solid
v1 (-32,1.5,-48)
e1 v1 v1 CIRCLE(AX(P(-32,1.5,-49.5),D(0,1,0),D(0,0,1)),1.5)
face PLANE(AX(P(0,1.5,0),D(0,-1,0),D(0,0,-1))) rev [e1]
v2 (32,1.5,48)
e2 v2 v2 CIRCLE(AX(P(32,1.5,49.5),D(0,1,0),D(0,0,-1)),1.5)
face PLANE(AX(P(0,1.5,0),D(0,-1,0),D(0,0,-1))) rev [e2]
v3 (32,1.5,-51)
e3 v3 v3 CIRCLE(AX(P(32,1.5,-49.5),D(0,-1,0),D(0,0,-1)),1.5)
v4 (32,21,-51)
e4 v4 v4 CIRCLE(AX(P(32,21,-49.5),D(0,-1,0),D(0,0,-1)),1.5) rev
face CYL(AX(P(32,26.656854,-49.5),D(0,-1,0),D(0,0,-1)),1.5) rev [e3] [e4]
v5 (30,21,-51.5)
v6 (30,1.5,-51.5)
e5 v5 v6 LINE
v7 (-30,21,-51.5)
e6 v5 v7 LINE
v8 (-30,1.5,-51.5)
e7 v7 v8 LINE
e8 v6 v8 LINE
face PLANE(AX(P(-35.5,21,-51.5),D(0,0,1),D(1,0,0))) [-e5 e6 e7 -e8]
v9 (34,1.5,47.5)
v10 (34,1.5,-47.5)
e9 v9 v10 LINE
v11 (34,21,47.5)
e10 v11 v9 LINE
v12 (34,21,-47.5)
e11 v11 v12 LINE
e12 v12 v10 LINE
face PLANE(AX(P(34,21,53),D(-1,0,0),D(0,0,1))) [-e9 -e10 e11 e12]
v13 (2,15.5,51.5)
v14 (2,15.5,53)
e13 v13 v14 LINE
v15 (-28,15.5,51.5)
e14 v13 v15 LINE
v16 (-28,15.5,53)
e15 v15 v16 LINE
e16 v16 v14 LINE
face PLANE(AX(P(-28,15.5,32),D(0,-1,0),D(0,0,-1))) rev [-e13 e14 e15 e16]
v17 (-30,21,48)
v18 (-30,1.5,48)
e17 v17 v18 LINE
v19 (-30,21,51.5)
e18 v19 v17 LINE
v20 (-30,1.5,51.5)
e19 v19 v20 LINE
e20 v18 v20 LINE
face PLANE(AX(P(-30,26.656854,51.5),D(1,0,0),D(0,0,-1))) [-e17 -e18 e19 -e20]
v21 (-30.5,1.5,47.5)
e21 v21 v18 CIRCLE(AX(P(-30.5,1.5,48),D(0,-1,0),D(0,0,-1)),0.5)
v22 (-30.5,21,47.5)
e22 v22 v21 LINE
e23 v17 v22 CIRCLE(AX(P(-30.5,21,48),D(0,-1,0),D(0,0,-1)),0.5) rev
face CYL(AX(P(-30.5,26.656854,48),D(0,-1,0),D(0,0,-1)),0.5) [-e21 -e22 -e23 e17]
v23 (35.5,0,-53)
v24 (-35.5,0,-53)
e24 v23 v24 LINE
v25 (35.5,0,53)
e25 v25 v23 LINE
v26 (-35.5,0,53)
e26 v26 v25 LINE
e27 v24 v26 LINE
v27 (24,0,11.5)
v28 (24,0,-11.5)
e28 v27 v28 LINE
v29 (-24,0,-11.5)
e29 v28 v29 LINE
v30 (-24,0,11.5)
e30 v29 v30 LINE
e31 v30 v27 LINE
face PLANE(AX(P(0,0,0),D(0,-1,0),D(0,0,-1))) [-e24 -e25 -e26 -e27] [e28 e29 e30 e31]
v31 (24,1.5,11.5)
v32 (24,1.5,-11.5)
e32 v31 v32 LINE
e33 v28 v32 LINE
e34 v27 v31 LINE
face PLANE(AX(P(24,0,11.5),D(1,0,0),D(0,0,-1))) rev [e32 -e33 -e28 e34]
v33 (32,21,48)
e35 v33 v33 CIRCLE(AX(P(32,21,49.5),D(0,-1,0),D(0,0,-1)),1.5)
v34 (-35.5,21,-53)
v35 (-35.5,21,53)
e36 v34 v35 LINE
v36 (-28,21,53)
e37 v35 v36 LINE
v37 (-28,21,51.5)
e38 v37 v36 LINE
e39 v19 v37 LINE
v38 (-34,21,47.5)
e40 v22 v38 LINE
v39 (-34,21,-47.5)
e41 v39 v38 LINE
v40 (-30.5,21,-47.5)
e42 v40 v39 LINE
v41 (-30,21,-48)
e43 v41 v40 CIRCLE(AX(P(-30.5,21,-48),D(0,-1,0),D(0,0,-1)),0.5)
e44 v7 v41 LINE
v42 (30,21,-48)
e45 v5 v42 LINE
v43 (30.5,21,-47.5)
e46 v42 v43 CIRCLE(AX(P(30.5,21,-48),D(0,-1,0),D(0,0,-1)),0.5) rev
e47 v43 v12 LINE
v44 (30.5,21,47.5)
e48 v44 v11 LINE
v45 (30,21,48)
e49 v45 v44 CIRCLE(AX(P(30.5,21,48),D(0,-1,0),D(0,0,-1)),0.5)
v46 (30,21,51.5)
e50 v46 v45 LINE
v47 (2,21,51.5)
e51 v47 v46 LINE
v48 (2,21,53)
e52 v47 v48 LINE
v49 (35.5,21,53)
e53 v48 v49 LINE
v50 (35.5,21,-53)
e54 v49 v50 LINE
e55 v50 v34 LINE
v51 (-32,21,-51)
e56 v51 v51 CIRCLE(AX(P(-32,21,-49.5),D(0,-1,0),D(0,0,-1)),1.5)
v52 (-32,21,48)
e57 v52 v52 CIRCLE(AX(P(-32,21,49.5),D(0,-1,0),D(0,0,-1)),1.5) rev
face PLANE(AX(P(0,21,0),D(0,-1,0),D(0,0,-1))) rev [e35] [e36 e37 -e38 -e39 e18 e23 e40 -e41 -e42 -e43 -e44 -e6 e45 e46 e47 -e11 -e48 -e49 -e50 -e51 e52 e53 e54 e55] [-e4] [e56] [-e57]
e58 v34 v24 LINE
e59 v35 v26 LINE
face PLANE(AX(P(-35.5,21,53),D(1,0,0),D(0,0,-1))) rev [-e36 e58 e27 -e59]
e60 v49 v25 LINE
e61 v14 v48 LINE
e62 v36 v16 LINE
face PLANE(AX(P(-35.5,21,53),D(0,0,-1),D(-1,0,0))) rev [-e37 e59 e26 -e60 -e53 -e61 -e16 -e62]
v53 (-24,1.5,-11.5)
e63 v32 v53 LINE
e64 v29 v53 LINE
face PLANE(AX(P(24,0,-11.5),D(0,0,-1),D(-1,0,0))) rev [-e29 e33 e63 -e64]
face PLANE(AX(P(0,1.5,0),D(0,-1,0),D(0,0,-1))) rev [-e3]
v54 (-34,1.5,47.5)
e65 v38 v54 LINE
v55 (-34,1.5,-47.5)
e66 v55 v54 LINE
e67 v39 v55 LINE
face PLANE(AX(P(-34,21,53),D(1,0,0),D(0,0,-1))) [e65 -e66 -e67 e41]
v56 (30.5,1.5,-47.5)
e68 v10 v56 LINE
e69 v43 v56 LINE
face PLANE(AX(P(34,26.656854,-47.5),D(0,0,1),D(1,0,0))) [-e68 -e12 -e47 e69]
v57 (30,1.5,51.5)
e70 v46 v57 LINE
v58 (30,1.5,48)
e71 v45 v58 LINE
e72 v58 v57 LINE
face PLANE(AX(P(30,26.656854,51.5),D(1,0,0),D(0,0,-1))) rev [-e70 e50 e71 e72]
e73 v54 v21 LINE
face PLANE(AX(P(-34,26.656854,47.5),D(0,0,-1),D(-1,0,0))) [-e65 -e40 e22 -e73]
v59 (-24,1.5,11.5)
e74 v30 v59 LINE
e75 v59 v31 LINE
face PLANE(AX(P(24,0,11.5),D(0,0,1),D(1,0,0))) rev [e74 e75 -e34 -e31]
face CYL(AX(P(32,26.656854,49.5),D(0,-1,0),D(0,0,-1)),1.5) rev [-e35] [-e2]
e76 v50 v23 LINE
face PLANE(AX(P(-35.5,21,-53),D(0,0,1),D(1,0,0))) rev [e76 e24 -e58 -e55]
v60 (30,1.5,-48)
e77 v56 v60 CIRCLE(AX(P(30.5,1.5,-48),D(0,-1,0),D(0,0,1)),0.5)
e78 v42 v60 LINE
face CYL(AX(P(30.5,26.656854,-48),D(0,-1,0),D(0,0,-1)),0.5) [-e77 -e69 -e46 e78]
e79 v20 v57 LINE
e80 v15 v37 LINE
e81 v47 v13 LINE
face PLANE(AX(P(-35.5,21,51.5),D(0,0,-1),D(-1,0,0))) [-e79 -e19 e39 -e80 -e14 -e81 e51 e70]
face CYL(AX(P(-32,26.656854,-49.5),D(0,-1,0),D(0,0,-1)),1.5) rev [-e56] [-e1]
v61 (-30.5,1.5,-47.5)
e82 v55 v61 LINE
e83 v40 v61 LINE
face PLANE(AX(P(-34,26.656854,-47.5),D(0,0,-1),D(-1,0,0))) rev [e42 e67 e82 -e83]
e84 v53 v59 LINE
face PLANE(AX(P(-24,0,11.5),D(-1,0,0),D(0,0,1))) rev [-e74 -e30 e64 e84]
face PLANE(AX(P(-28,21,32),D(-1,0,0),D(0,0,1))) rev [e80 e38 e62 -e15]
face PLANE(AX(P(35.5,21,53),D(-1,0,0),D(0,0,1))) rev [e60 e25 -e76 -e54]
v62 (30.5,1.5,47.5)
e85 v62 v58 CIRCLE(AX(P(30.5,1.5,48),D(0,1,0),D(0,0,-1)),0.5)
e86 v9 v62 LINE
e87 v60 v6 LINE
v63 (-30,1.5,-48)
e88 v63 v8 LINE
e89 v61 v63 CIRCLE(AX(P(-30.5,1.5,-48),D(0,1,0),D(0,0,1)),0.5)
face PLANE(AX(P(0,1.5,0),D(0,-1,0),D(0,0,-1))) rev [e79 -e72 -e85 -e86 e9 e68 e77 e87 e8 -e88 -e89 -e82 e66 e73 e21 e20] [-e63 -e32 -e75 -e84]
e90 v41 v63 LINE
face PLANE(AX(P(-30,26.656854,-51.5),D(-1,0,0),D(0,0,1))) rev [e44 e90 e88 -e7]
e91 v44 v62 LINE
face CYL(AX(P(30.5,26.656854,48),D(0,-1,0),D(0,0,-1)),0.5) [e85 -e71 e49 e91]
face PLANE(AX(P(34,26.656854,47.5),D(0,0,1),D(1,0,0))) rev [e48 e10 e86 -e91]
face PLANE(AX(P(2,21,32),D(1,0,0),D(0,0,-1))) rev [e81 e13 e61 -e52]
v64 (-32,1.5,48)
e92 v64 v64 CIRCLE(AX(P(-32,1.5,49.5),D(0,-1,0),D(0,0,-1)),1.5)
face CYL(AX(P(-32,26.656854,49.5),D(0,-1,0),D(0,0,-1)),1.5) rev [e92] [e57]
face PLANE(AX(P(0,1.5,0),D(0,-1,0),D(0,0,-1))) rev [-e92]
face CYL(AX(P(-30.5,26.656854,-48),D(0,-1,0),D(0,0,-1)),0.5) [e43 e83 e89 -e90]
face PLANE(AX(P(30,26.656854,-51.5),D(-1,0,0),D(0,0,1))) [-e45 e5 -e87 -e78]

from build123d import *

# Parameters (mm, degrees)
SKETCH2_W                                  = 71
SKETCH2_H                                  = 106
BOSS_EXTRUDE1_DEPTH                        = 21
SHELL1_T                                   = -1.5
SKETCH3_W                                  = 30
SKETCH3_H                                  = 5.5
CUT_EXTRUDE1_DEPTH                         = 21
SKETCH4_R                                  = 1.5
BOSS_EXTRUDE2_DEPTH                        = 19.5
MIRROR1_AT_THE_SECOND_PLANE_COPY_1_SKETC_R = 1.5
MIRROR1_AT_THE_SECOND_PLANE_COPY_1_DEPTH   = 19.5
SKETCH5_W                                  = 48
SKETCH5_H                                  = 23
CUT_EXTRUDE2_DEPTH                         = 1.5


with BuildPart() as part:
    # Sketch2 → Boss-Extrude1 (new body)
    with BuildSketch(Plane(origin=(0, 0, 0), x_dir=(1, 0, 0), z_dir=(0, 1, 0))):
        Rectangle(SKETCH2_W, SKETCH2_H)
    extrude(amount=BOSS_EXTRUDE1_DEPTH)

    # Shell1
    shell1_openings = [part.faces().sort_by_distance(p)[0] for p in [
        (0, 21, 0),
    ]]
    offset(amount=SHELL1_T, openings=shell1_openings, kind=Kind.INTERSECTION)

    # Sketch3 → Cut-Extrude1 (cut)
    with BuildSketch(Plane.XY.offset(53)):
        with Locations((-13, 18.25)):
            Rectangle(SKETCH3_W, SKETCH3_H)
    extrude(amount=-CUT_EXTRUDE1_DEPTH, mode=Mode.SUBTRACT)

    # Sketch4 → Boss-Extrude2 (add)
    with BuildSketch(Plane(origin=(0, 1.5, 0), x_dir=(1, 0, 0), z_dir=(0, 1, 0))):
        with BuildLine():
            Line((-34, 51.5), (-30, 51.5))
            Line((-30, 51.5), (-30, 48))
            ThreePointArc((-30, 48), (-30.146446609, 47.646446609), (-30.5, 47.5))
            Line((-30.5, 47.5), (-34, 47.5))
            Line((-34, 47.5), (-34, 51.5))
        make_face()
        with Locations((-32, 49.5)):
            Circle(SKETCH4_R, mode=Mode.SUBTRACT)
    boss_extrude2 = extrude(amount=BOSS_EXTRUDE2_DEPTH)

    # Mirror1: Boss-Extrude2 across plane
    add(boss_extrude2.mirror(Plane.ZY))

    # Mirror1 at the second plane: Boss-Extrude2 across plane
    add(boss_extrude2.mirror(Plane(origin=(0, 0, 0), x_dir=(1, 0, 0), z_dir=(0, 0, -1))))

    # Mirror1 at the second plane copy 1 sketc → Mirror1 at the second plane copy 1 (add)
    with BuildSketch(Plane(origin=(0, 1.5, 0), x_dir=(-1, 0, 0), z_dir=(0, 1, 0))):
        with BuildLine():
            Line((-34, 51.5), (-30, 51.5))
            Line((-30, 51.5), (-30, 48))
            ThreePointArc((-30, 48), (-30.146446609, 47.646446609), (-30.5, 47.5))
            Line((-30.5, 47.5), (-34, 47.5))
            Line((-34, 47.5), (-34, 51.5))
        make_face()
        with Locations((-32, 49.5)):
            Circle(MIRROR1_AT_THE_SECOND_PLANE_COPY_1_SKETC_R, mode=Mode.SUBTRACT)
    extrude(amount=MIRROR1_AT_THE_SECOND_PLANE_COPY_1_DEPTH)

    # Sketch5 → Cut-Extrude2 (cut)
    with BuildSketch(Plane(origin=(0, 1.5, 0), x_dir=(1, 0, 0), z_dir=(0, 1, 0))):
        Rectangle(SKETCH5_W, SKETCH5_H)
    extrude(amount=-CUT_EXTRUDE2_DEPTH, mode=Mode.SUBTRACT)


solid = part.part
